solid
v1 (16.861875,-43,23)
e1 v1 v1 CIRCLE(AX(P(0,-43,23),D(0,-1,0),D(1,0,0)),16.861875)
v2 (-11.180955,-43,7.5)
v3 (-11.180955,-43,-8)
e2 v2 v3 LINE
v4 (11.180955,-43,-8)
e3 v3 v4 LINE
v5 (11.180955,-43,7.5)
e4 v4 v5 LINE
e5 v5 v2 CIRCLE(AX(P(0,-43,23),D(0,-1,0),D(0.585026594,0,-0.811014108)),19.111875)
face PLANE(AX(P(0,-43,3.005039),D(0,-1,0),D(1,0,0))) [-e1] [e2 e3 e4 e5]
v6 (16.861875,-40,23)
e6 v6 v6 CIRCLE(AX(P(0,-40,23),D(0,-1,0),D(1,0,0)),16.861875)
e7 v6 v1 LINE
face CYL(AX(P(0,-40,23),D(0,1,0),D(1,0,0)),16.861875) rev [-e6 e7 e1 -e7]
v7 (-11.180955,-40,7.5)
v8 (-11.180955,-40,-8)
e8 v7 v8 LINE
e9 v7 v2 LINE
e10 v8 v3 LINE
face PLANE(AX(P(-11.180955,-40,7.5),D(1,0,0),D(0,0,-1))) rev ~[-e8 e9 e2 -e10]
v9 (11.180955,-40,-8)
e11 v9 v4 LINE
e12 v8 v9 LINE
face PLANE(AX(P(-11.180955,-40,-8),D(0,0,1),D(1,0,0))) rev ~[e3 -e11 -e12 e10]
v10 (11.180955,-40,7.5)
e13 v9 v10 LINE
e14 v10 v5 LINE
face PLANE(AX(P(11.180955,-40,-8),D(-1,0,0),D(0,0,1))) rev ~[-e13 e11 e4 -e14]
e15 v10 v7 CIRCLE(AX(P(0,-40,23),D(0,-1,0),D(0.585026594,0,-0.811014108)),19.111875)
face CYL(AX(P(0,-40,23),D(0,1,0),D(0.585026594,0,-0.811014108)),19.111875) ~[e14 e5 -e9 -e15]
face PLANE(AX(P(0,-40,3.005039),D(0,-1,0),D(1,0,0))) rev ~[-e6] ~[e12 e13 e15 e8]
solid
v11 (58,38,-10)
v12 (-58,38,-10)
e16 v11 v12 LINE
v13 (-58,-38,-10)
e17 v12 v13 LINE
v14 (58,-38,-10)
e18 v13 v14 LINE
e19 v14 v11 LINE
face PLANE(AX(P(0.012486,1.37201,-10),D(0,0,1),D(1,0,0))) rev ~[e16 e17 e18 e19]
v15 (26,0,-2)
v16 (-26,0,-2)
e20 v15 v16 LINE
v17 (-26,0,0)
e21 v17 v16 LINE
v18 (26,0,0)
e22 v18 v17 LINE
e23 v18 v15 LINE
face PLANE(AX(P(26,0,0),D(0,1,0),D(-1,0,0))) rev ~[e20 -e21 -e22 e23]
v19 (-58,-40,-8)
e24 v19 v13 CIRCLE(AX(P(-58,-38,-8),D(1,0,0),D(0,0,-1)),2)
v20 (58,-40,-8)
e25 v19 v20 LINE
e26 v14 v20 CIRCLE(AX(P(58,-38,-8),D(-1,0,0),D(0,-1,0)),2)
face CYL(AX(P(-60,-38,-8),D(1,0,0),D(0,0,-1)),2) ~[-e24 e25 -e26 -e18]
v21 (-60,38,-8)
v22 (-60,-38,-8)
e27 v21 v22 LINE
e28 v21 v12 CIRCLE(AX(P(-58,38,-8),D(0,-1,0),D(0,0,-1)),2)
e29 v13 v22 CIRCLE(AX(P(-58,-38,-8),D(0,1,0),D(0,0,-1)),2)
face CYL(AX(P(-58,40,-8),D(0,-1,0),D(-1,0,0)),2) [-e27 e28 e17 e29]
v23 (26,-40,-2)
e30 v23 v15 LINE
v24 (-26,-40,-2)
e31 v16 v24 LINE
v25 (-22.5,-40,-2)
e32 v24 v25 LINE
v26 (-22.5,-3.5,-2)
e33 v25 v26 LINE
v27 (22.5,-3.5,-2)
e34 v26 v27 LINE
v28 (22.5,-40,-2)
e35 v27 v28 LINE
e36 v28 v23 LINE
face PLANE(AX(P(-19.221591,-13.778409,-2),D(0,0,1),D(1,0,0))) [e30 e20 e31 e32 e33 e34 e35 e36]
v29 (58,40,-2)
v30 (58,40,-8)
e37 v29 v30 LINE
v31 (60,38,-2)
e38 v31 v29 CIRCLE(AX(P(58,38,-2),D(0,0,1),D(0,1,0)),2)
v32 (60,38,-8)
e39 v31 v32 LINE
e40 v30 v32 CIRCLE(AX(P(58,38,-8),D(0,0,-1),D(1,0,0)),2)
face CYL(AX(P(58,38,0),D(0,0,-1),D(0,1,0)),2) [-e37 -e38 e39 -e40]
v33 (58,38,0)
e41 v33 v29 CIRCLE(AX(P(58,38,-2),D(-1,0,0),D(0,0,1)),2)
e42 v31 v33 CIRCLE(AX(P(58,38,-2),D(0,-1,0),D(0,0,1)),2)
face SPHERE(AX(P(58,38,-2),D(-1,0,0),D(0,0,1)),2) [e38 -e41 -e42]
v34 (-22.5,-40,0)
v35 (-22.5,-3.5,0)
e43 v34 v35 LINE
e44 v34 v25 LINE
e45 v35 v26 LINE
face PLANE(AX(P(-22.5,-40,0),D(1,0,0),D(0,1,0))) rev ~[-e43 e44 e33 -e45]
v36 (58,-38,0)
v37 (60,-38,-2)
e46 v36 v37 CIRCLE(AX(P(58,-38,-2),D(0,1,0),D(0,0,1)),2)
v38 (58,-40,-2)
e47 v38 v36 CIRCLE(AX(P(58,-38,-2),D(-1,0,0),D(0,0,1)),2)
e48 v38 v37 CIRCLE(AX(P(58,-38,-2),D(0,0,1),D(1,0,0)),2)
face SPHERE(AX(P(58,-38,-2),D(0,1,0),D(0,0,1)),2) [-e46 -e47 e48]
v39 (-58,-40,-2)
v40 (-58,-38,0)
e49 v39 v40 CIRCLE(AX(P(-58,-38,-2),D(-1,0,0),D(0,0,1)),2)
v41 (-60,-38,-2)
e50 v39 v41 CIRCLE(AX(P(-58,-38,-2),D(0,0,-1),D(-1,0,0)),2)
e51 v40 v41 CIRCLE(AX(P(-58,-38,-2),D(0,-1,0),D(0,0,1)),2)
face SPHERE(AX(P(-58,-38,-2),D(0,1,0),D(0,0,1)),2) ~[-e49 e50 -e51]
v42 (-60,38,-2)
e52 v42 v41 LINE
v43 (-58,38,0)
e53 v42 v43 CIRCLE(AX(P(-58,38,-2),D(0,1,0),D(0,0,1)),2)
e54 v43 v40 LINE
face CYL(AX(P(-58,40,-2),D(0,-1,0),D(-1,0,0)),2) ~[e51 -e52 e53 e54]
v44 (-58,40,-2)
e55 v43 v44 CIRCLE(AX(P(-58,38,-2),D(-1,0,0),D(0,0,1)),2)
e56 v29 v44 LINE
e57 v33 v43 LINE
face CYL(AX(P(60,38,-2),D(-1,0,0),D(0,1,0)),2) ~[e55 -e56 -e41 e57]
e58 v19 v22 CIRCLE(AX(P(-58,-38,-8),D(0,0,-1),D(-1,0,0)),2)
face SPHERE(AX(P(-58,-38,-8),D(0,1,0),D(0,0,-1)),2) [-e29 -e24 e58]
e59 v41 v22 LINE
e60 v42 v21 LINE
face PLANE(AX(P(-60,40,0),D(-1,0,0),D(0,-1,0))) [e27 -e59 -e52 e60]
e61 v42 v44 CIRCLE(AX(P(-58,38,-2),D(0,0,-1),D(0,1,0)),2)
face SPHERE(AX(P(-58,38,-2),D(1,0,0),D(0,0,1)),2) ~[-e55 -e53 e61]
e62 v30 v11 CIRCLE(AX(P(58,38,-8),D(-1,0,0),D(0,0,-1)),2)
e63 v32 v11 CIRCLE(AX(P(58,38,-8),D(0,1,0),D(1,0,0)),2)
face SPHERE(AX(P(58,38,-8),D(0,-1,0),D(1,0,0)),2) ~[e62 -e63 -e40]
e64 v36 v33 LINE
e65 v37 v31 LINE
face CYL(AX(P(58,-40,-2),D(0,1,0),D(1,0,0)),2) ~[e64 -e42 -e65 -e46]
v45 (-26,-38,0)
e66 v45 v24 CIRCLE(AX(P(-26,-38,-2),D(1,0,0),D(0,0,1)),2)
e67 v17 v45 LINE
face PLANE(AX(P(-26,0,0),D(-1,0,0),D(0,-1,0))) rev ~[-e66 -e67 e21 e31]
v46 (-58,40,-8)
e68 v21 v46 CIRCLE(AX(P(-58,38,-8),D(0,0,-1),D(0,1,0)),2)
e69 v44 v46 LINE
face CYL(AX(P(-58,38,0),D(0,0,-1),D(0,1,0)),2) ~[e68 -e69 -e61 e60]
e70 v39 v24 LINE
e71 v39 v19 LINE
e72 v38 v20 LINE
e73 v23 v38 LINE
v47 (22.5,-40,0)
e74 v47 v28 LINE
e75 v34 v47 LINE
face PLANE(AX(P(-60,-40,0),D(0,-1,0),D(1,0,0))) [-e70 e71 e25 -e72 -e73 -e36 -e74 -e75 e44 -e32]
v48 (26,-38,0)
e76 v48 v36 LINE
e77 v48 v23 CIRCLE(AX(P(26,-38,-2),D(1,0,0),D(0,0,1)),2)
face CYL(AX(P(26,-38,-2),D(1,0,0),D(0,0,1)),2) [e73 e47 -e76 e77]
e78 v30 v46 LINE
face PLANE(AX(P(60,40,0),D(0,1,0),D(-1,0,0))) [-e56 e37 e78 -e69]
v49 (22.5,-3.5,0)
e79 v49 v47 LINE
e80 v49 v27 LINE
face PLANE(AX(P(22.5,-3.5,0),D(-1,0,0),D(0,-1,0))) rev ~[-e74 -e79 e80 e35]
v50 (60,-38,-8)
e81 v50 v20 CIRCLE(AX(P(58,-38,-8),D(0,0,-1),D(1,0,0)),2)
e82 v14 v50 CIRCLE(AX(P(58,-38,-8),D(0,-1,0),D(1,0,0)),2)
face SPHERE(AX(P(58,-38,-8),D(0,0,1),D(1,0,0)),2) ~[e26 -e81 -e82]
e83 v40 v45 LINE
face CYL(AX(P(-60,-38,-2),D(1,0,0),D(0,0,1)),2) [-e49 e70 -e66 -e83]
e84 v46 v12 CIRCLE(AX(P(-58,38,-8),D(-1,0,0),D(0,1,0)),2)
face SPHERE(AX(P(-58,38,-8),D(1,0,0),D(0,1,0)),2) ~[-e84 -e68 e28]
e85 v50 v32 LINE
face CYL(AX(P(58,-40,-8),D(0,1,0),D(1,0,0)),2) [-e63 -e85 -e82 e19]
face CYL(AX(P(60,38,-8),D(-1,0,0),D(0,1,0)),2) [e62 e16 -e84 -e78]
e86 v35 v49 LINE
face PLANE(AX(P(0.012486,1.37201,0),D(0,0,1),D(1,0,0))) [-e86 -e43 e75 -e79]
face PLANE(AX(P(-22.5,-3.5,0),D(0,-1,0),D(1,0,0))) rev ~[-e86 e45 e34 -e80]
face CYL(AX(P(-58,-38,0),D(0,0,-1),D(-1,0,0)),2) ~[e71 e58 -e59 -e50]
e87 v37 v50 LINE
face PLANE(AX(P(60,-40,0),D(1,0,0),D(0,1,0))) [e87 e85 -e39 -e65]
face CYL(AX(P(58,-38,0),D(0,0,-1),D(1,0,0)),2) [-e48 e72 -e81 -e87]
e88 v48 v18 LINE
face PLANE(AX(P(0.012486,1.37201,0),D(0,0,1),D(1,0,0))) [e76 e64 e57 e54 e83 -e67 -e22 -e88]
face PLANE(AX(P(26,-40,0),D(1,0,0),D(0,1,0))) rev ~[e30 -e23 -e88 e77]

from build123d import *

# Parameters (mm, degrees)
F1_DEPTH = 10
F3_DEPTH = 2
F4_R     = 2
F5_R     = 16.8618746788
F6_DEPTH = 3


with BuildPart() as f1:
    # F0 (on Top) → F1 (new body)
    with BuildSketch(Plane.XY):
        Polygon((60, 40), (-60, 40), (-60, -40), (-25.860209018, -40), (-25.860209018, 0), (-25.860209018, 3.5), (26, 3.5), (26, 0), (26, -40), (60, -40), align=None)
        Polygon((-25.860209018, 0), (-25.860209018, -40), (-22.360209018, -40), (-22.360209018, 0), (0, 0), (22.5, 0), (22.5, -40), (26, -40), (26, 0), (26, 3.5), (-25.860209018, 3.5), align=None)
        Polygon((-22.360209018, 0), (-22.360209018, -40), (22.5, -40), (22.5, 0), (0, 0), align=None)
    extrude(amount=-F1_DEPTH)

    # F2 (on face) → F3 (cut)
    with BuildSketch(Plane.XY):
        Polygon((0, -3.5), (0, 0), (-26, 0), (-26, -40), (-22.5, -40), (-22.5, -3.5), align=None)
        Polygon((26, 0), (0, 0), (0, -3.5), (22.5, -3.5), (22.5, -40), (26, -40), align=None)
    extrude(amount=-F3_DEPTH, mode=Mode.SUBTRACT)

    # F4
    f4_edges = [f1.edges().sort_by_distance(p)[0] for p in [
        (0, 40, 0),
        (-60, 0, 0),
        (60, 0, 0),
        (43, -40, 0),
        (-43, -40, 0),
        (60, -40, -5),
        (60, 0, -10),
        (60, 40, -5),
        (0, 40, -10),
        (-60, 40, -5),
        (-60, 0, -10),
        (0, -40, -10),
        (-60, -40, -5),
    ]]
    fillet(f4_edges, radius=F4_R)


with BuildPart() as f6:
    # F5 (on face) → F6 (new body)
    with BuildSketch(Plane.XZ.offset(40)):
        with BuildLine():
            ThreePointArc((11.1809549564, 7.5), (0, 3.8881253212), (-11.1809549564, 7.5))
            Line((-11.1809549564, 7.5), (-11.1809549564, 0))
            Line((-11.1809549564, 0), (0, 0))
            Line((0, 0), (11.1809549564, 0))
            Line((11.1809549564, 0), (11.1809549564, 7.5))
        make_face()
        with BuildLine():
            ThreePointArc((11.1809549564, 7.5), (17.014005461, 14.2944057118), (19.1118746788, 23))
            ThreePointArc((19.1118746788, 23), (-8.7055942882, 40.014005461), (-11.1809549564, 7.5))
            ThreePointArc((-11.1809549564, 7.5), (0, 3.8881253212), (11.1809549564, 7.5))
        make_face()
        with Locations((0, 23)):
            Circle(F5_R, mode=Mode.SUBTRACT)
        Polygon((0, 0), (-11.1809549564, 0), (-11.1809549564, -8), (11.1809549564, -8), (11.1809549564, 0), align=None)
    extrude(amount=F6_DEPTH)


solid = Compound([f1.part, f6.part])
